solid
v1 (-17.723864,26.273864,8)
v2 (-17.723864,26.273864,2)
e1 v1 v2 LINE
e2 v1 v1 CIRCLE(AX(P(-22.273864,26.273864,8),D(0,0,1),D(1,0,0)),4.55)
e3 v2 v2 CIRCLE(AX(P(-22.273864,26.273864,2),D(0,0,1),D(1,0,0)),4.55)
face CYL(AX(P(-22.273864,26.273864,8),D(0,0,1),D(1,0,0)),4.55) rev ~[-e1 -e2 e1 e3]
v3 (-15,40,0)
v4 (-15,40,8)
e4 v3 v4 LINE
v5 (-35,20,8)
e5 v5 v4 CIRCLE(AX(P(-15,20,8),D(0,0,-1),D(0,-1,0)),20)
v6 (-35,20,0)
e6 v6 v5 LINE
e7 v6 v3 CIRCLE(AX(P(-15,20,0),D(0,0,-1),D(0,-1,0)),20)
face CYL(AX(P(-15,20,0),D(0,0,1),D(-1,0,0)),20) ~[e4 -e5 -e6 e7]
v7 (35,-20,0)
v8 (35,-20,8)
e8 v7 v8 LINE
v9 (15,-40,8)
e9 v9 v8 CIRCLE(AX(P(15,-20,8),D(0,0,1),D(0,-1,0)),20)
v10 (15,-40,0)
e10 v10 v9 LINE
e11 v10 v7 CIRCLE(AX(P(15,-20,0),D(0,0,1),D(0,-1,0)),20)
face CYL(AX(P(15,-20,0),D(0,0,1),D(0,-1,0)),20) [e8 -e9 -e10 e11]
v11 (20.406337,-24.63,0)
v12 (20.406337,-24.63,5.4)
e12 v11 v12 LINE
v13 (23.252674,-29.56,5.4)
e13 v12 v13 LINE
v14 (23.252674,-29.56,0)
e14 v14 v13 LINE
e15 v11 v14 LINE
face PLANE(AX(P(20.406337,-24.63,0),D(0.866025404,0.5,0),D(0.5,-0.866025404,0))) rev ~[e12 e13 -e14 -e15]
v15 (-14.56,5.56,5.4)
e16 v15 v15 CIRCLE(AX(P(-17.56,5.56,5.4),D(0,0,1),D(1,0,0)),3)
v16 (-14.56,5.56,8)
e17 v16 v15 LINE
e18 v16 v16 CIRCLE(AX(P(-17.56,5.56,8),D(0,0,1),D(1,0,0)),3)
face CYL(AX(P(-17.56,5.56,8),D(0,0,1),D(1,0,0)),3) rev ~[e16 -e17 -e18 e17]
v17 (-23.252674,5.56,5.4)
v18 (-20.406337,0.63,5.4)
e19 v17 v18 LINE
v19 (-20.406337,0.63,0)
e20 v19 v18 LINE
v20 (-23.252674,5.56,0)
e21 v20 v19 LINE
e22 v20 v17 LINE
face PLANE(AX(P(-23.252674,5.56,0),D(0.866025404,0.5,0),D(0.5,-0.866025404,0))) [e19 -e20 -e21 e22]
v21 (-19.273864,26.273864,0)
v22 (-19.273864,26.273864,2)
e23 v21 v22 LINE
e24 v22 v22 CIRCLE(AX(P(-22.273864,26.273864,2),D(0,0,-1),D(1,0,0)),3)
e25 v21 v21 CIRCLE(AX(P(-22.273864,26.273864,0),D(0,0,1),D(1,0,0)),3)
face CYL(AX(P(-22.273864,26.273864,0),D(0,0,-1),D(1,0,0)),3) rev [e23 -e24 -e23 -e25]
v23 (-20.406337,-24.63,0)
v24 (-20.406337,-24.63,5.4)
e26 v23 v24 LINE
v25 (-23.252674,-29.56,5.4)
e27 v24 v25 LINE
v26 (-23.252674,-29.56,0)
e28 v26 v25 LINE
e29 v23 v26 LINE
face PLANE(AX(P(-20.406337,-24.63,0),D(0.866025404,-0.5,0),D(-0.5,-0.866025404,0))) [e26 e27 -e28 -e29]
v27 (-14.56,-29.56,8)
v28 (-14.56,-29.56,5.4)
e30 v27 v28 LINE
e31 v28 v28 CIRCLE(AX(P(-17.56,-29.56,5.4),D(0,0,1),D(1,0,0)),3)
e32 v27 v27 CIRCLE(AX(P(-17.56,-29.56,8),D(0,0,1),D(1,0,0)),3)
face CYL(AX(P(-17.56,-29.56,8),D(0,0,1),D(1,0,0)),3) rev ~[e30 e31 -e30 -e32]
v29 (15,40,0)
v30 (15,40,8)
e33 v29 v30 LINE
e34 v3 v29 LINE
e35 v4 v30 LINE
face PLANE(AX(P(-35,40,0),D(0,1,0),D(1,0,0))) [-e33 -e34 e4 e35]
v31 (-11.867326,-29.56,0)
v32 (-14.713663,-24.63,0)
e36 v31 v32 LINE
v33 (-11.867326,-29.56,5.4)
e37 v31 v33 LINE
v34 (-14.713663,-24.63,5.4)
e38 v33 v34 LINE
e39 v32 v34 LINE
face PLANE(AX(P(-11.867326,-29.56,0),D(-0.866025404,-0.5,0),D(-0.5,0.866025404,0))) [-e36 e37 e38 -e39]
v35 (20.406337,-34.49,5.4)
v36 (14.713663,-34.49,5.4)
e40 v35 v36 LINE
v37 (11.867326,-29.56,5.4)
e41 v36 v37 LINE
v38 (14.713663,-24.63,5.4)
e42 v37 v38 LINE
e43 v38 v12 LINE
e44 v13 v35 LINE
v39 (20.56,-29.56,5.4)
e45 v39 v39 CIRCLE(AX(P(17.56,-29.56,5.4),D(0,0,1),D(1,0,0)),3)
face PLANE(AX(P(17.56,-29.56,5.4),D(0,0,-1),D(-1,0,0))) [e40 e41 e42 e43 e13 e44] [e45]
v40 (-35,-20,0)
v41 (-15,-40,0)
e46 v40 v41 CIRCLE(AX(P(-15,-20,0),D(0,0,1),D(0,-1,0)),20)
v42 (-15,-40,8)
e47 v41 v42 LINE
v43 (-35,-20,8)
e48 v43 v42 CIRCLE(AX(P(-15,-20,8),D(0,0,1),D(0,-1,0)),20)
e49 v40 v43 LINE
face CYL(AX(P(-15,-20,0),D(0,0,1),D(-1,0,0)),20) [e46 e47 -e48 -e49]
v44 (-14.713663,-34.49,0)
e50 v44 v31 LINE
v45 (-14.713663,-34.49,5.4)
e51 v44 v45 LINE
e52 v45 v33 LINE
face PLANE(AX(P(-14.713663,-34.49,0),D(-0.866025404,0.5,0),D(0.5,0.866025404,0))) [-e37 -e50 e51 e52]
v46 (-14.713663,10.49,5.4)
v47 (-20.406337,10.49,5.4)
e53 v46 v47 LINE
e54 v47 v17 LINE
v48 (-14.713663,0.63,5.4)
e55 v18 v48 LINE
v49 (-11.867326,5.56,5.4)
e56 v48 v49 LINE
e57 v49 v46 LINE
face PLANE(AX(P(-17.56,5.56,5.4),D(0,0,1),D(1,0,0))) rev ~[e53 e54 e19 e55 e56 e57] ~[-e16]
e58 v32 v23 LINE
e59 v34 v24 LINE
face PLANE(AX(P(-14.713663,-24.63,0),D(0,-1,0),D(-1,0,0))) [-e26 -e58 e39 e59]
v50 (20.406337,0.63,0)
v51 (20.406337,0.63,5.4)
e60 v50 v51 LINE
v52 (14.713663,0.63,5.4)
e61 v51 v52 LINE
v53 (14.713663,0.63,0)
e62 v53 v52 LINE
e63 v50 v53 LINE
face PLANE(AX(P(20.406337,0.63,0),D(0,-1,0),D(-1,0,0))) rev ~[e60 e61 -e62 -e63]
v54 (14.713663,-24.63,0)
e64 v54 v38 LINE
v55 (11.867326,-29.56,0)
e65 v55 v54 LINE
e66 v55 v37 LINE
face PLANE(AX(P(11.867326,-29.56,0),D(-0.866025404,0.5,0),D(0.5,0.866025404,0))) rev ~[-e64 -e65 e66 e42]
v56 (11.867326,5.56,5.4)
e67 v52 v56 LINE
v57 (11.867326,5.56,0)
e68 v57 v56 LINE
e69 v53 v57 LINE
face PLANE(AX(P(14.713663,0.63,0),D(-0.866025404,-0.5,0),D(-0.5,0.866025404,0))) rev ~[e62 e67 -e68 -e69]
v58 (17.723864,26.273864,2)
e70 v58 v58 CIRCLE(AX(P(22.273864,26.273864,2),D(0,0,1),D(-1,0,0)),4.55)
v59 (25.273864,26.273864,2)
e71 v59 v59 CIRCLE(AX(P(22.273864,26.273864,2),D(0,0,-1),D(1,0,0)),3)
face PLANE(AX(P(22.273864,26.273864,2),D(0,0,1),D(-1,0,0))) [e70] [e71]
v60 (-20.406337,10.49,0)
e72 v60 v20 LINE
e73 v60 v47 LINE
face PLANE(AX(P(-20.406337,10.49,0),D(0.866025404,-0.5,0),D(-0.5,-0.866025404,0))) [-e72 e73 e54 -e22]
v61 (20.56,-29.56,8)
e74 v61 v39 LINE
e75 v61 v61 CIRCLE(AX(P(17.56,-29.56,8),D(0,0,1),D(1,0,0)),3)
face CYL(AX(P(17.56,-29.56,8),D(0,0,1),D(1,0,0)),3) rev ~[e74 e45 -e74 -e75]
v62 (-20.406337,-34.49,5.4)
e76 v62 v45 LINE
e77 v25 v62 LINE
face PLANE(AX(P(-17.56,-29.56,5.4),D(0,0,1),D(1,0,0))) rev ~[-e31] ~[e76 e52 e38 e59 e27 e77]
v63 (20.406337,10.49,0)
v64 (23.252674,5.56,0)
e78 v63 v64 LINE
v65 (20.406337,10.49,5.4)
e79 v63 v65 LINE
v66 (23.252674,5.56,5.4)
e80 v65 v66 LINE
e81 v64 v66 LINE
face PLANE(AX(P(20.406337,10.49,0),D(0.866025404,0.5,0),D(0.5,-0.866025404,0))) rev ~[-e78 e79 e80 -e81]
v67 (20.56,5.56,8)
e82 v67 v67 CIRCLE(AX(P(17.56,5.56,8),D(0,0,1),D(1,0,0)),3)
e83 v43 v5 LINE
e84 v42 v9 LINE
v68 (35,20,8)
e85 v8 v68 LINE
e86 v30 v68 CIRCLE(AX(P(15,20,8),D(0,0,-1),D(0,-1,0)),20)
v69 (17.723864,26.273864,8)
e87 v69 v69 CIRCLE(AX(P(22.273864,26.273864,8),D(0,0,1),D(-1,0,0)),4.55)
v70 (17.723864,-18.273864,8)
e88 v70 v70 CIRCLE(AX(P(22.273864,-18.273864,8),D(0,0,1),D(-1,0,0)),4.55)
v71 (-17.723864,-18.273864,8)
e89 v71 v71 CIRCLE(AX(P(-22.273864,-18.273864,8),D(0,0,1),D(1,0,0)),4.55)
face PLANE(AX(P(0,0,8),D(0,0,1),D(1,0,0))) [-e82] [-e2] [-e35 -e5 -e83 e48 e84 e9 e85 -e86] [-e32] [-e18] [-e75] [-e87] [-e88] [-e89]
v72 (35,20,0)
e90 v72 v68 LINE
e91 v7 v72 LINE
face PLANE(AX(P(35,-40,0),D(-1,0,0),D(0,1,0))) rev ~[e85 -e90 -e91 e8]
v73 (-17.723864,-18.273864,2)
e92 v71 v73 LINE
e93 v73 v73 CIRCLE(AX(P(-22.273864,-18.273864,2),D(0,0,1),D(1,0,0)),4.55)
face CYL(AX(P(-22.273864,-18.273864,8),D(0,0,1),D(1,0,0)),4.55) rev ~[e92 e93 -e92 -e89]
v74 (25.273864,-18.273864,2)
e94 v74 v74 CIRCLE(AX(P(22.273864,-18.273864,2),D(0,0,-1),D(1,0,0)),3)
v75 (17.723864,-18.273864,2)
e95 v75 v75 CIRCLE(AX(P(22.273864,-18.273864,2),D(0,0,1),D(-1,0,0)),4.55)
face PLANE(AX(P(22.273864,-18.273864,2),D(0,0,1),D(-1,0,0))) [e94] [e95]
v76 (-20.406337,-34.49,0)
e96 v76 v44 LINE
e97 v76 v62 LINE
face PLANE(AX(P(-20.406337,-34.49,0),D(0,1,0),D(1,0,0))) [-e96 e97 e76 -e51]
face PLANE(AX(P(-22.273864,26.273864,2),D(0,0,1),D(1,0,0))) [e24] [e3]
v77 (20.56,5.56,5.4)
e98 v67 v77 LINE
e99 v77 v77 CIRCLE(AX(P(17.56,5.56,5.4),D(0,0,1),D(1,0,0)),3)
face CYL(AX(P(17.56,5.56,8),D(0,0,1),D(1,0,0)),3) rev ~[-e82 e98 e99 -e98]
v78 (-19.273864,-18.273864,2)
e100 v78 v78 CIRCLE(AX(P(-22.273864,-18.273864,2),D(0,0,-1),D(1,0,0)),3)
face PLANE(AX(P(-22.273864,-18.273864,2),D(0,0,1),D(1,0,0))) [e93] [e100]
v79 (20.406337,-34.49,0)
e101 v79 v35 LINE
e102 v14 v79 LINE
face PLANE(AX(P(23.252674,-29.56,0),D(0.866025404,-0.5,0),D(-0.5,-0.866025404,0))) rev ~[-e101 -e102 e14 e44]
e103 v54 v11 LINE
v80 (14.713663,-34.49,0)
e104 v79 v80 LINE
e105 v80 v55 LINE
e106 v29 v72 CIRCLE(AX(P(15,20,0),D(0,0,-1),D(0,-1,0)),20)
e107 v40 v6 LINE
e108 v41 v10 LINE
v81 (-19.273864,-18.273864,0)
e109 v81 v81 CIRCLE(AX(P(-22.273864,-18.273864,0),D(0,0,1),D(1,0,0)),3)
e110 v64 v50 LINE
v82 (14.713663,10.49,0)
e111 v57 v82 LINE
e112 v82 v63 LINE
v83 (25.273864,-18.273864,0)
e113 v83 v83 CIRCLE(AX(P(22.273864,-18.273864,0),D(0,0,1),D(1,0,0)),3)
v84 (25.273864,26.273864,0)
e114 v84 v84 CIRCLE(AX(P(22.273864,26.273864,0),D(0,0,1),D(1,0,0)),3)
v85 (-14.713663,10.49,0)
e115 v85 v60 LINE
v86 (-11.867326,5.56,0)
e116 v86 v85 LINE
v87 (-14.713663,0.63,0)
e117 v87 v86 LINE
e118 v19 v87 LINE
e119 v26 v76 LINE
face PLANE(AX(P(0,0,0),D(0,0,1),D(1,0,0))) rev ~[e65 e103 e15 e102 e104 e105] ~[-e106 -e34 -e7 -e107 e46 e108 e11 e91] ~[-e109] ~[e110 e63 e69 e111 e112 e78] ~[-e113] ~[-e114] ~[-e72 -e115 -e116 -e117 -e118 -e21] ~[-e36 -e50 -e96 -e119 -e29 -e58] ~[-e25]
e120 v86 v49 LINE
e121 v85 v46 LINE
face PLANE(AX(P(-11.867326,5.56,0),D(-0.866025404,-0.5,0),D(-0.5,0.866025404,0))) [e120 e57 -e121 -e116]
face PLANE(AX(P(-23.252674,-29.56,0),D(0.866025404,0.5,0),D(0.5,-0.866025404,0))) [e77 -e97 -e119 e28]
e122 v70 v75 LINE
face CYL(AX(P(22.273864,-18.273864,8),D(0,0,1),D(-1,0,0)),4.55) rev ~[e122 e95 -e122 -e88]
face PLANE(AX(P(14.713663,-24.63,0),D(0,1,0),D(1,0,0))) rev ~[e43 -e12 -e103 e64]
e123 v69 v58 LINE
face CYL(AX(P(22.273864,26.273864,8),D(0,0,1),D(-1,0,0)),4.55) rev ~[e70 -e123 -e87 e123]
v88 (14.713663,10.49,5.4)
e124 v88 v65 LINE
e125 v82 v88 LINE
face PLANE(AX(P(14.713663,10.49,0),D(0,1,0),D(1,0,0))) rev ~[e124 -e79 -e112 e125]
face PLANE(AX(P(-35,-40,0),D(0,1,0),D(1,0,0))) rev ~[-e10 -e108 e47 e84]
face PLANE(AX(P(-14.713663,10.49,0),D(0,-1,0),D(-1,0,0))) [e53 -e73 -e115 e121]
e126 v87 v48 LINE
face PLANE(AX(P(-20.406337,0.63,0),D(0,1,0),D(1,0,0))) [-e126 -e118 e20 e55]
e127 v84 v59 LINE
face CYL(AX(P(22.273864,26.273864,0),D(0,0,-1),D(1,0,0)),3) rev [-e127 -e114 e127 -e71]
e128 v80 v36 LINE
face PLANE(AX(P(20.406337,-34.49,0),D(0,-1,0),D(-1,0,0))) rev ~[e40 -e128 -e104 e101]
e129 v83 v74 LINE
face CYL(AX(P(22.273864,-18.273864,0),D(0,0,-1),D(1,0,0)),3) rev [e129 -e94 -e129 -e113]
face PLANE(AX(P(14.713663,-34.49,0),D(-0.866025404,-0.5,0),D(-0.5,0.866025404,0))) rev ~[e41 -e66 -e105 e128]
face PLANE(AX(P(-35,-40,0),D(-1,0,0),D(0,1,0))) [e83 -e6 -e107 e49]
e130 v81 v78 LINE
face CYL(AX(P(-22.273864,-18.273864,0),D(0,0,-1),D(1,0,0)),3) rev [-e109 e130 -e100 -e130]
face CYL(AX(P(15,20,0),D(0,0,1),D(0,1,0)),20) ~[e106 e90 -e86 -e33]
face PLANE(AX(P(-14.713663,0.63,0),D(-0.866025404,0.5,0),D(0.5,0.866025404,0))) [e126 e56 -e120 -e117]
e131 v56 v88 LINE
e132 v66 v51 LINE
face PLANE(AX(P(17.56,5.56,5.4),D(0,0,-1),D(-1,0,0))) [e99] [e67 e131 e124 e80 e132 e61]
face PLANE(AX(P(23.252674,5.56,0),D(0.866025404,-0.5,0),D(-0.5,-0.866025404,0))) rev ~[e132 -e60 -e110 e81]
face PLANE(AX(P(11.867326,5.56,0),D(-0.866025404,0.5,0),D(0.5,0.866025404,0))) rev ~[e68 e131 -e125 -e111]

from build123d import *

# Parameters (mm, degrees)
SKETCH_1_W          = 70
SKETCH_1_H          = 80
EXTRUDE_1_DEPTH     = 8
SKETCH_11_R         = 3
CUT_EXTRUDE_4_DEPTH = 15
SKETCH_13_R         = 4.55
CUT_EXTRUDE_6_DEPTH = 6
SKETCH_14_R         = 3
CUT_EXTRUDE_7_DEPTH = 16
CUT_EXTRUDE_8_DEPTH = 5.4
FILLET_1_R          = 20


with BuildPart() as part:
    # 草图1 → 凸台-拉伸1 (new body)
    with BuildSketch(Plane.XY):
        Rectangle(SKETCH_1_W, SKETCH_1_H)
    extrude(amount=EXTRUDE_1_DEPTH)

    # 草图11 → 切除-拉伸4 (cut)
    with BuildSketch(Plane.XY):
        with Locations((-22.273863607, 26.273863607)):
            Circle(SKETCH_11_R)
        with Locations((22.273863607, 26.273863607)):
            Circle(SKETCH_11_R)
        with Locations((22.273863607, -18.273863607)):
            Circle(SKETCH_11_R)
        with Locations((-22.273863607, -18.273863607)):
            Circle(SKETCH_11_R)
    extrude(amount=CUT_EXTRUDE_4_DEPTH, mode=Mode.SUBTRACT)

    # 草图13 → 切除-拉伸6 (cut)
    with BuildSketch(Plane.XY.offset(8)):
        with Locations((-22.273863607, 26.273863607)):
            Circle(SKETCH_13_R)
        with Locations((-22.273863607, -18.273863607)):
            Circle(SKETCH_13_R)
        with Locations(Location((22.273863607, -18.273863607, 0), (0, 0, 180))):
            Circle(SKETCH_13_R)
        with Locations(Location((22.273863607, 26.273863607, 0), (0, 0, 180))):
            Circle(SKETCH_13_R)
    extrude(amount=-CUT_EXTRUDE_6_DEPTH, mode=Mode.SUBTRACT)

    # 草图14 → 切除-拉伸7 (cut)
    with BuildSketch(Plane.XY.offset(8)):
        with Locations((-17.56, 5.56)):
            Circle(SKETCH_14_R)
        with Locations((17.56, 5.56)):
            Circle(SKETCH_14_R)
        with Locations((17.56, -29.56)):
            Circle(SKETCH_14_R)
        with Locations((-17.56, -29.56)):
            Circle(SKETCH_14_R)
    extrude(amount=-CUT_EXTRUDE_7_DEPTH, mode=Mode.SUBTRACT)

    # 草图15 → 切除-拉伸8 (cut)
    with BuildSketch(Plane(origin=(0, 0, 0), x_dir=(-1, 0, 0), z_dir=(0, 0, -1))):
        Polygon((-14.713663173, 0.63), (-11.867326346, 5.56), (-14.713663173, 10.49), (-20.406336827, 10.49), (-23.252673654, 5.56), (-20.406336827, 0.63), align=None)
        Polygon((-14.713663173, -34.49), (-11.867326346, -29.56), (-14.713663173, -24.63), (-20.406336827, -24.63), (-23.252673654, -29.56), (-20.406336827, -34.49), align=None)
        Polygon((20.406336827, -34.49), (14.713663173, -34.49), (11.867326346, -29.56), (14.713663173, -24.63), (20.406336827, -24.63), (23.252673654, -29.56), align=None)
        Polygon((20.406336827, 0.63), (14.713663173, 0.63), (11.867326346, 5.56), (14.713663173, 10.49), (20.406336827, 10.49), (23.252673654, 5.56), align=None)
    extrude(amount=-CUT_EXTRUDE_8_DEPTH, mode=Mode.SUBTRACT)

    # 圆角1
    fillet_1_edges = [part.edges().sort_by_distance(p)[0] for p in [
        (-35, 40, 4),
        (35, 40, 4),
        (35, -40, 4),
        (-35, -40, 4),
    ]]
    fillet(fillet_1_edges, radius=FILLET_1_R)


solid = part.part
